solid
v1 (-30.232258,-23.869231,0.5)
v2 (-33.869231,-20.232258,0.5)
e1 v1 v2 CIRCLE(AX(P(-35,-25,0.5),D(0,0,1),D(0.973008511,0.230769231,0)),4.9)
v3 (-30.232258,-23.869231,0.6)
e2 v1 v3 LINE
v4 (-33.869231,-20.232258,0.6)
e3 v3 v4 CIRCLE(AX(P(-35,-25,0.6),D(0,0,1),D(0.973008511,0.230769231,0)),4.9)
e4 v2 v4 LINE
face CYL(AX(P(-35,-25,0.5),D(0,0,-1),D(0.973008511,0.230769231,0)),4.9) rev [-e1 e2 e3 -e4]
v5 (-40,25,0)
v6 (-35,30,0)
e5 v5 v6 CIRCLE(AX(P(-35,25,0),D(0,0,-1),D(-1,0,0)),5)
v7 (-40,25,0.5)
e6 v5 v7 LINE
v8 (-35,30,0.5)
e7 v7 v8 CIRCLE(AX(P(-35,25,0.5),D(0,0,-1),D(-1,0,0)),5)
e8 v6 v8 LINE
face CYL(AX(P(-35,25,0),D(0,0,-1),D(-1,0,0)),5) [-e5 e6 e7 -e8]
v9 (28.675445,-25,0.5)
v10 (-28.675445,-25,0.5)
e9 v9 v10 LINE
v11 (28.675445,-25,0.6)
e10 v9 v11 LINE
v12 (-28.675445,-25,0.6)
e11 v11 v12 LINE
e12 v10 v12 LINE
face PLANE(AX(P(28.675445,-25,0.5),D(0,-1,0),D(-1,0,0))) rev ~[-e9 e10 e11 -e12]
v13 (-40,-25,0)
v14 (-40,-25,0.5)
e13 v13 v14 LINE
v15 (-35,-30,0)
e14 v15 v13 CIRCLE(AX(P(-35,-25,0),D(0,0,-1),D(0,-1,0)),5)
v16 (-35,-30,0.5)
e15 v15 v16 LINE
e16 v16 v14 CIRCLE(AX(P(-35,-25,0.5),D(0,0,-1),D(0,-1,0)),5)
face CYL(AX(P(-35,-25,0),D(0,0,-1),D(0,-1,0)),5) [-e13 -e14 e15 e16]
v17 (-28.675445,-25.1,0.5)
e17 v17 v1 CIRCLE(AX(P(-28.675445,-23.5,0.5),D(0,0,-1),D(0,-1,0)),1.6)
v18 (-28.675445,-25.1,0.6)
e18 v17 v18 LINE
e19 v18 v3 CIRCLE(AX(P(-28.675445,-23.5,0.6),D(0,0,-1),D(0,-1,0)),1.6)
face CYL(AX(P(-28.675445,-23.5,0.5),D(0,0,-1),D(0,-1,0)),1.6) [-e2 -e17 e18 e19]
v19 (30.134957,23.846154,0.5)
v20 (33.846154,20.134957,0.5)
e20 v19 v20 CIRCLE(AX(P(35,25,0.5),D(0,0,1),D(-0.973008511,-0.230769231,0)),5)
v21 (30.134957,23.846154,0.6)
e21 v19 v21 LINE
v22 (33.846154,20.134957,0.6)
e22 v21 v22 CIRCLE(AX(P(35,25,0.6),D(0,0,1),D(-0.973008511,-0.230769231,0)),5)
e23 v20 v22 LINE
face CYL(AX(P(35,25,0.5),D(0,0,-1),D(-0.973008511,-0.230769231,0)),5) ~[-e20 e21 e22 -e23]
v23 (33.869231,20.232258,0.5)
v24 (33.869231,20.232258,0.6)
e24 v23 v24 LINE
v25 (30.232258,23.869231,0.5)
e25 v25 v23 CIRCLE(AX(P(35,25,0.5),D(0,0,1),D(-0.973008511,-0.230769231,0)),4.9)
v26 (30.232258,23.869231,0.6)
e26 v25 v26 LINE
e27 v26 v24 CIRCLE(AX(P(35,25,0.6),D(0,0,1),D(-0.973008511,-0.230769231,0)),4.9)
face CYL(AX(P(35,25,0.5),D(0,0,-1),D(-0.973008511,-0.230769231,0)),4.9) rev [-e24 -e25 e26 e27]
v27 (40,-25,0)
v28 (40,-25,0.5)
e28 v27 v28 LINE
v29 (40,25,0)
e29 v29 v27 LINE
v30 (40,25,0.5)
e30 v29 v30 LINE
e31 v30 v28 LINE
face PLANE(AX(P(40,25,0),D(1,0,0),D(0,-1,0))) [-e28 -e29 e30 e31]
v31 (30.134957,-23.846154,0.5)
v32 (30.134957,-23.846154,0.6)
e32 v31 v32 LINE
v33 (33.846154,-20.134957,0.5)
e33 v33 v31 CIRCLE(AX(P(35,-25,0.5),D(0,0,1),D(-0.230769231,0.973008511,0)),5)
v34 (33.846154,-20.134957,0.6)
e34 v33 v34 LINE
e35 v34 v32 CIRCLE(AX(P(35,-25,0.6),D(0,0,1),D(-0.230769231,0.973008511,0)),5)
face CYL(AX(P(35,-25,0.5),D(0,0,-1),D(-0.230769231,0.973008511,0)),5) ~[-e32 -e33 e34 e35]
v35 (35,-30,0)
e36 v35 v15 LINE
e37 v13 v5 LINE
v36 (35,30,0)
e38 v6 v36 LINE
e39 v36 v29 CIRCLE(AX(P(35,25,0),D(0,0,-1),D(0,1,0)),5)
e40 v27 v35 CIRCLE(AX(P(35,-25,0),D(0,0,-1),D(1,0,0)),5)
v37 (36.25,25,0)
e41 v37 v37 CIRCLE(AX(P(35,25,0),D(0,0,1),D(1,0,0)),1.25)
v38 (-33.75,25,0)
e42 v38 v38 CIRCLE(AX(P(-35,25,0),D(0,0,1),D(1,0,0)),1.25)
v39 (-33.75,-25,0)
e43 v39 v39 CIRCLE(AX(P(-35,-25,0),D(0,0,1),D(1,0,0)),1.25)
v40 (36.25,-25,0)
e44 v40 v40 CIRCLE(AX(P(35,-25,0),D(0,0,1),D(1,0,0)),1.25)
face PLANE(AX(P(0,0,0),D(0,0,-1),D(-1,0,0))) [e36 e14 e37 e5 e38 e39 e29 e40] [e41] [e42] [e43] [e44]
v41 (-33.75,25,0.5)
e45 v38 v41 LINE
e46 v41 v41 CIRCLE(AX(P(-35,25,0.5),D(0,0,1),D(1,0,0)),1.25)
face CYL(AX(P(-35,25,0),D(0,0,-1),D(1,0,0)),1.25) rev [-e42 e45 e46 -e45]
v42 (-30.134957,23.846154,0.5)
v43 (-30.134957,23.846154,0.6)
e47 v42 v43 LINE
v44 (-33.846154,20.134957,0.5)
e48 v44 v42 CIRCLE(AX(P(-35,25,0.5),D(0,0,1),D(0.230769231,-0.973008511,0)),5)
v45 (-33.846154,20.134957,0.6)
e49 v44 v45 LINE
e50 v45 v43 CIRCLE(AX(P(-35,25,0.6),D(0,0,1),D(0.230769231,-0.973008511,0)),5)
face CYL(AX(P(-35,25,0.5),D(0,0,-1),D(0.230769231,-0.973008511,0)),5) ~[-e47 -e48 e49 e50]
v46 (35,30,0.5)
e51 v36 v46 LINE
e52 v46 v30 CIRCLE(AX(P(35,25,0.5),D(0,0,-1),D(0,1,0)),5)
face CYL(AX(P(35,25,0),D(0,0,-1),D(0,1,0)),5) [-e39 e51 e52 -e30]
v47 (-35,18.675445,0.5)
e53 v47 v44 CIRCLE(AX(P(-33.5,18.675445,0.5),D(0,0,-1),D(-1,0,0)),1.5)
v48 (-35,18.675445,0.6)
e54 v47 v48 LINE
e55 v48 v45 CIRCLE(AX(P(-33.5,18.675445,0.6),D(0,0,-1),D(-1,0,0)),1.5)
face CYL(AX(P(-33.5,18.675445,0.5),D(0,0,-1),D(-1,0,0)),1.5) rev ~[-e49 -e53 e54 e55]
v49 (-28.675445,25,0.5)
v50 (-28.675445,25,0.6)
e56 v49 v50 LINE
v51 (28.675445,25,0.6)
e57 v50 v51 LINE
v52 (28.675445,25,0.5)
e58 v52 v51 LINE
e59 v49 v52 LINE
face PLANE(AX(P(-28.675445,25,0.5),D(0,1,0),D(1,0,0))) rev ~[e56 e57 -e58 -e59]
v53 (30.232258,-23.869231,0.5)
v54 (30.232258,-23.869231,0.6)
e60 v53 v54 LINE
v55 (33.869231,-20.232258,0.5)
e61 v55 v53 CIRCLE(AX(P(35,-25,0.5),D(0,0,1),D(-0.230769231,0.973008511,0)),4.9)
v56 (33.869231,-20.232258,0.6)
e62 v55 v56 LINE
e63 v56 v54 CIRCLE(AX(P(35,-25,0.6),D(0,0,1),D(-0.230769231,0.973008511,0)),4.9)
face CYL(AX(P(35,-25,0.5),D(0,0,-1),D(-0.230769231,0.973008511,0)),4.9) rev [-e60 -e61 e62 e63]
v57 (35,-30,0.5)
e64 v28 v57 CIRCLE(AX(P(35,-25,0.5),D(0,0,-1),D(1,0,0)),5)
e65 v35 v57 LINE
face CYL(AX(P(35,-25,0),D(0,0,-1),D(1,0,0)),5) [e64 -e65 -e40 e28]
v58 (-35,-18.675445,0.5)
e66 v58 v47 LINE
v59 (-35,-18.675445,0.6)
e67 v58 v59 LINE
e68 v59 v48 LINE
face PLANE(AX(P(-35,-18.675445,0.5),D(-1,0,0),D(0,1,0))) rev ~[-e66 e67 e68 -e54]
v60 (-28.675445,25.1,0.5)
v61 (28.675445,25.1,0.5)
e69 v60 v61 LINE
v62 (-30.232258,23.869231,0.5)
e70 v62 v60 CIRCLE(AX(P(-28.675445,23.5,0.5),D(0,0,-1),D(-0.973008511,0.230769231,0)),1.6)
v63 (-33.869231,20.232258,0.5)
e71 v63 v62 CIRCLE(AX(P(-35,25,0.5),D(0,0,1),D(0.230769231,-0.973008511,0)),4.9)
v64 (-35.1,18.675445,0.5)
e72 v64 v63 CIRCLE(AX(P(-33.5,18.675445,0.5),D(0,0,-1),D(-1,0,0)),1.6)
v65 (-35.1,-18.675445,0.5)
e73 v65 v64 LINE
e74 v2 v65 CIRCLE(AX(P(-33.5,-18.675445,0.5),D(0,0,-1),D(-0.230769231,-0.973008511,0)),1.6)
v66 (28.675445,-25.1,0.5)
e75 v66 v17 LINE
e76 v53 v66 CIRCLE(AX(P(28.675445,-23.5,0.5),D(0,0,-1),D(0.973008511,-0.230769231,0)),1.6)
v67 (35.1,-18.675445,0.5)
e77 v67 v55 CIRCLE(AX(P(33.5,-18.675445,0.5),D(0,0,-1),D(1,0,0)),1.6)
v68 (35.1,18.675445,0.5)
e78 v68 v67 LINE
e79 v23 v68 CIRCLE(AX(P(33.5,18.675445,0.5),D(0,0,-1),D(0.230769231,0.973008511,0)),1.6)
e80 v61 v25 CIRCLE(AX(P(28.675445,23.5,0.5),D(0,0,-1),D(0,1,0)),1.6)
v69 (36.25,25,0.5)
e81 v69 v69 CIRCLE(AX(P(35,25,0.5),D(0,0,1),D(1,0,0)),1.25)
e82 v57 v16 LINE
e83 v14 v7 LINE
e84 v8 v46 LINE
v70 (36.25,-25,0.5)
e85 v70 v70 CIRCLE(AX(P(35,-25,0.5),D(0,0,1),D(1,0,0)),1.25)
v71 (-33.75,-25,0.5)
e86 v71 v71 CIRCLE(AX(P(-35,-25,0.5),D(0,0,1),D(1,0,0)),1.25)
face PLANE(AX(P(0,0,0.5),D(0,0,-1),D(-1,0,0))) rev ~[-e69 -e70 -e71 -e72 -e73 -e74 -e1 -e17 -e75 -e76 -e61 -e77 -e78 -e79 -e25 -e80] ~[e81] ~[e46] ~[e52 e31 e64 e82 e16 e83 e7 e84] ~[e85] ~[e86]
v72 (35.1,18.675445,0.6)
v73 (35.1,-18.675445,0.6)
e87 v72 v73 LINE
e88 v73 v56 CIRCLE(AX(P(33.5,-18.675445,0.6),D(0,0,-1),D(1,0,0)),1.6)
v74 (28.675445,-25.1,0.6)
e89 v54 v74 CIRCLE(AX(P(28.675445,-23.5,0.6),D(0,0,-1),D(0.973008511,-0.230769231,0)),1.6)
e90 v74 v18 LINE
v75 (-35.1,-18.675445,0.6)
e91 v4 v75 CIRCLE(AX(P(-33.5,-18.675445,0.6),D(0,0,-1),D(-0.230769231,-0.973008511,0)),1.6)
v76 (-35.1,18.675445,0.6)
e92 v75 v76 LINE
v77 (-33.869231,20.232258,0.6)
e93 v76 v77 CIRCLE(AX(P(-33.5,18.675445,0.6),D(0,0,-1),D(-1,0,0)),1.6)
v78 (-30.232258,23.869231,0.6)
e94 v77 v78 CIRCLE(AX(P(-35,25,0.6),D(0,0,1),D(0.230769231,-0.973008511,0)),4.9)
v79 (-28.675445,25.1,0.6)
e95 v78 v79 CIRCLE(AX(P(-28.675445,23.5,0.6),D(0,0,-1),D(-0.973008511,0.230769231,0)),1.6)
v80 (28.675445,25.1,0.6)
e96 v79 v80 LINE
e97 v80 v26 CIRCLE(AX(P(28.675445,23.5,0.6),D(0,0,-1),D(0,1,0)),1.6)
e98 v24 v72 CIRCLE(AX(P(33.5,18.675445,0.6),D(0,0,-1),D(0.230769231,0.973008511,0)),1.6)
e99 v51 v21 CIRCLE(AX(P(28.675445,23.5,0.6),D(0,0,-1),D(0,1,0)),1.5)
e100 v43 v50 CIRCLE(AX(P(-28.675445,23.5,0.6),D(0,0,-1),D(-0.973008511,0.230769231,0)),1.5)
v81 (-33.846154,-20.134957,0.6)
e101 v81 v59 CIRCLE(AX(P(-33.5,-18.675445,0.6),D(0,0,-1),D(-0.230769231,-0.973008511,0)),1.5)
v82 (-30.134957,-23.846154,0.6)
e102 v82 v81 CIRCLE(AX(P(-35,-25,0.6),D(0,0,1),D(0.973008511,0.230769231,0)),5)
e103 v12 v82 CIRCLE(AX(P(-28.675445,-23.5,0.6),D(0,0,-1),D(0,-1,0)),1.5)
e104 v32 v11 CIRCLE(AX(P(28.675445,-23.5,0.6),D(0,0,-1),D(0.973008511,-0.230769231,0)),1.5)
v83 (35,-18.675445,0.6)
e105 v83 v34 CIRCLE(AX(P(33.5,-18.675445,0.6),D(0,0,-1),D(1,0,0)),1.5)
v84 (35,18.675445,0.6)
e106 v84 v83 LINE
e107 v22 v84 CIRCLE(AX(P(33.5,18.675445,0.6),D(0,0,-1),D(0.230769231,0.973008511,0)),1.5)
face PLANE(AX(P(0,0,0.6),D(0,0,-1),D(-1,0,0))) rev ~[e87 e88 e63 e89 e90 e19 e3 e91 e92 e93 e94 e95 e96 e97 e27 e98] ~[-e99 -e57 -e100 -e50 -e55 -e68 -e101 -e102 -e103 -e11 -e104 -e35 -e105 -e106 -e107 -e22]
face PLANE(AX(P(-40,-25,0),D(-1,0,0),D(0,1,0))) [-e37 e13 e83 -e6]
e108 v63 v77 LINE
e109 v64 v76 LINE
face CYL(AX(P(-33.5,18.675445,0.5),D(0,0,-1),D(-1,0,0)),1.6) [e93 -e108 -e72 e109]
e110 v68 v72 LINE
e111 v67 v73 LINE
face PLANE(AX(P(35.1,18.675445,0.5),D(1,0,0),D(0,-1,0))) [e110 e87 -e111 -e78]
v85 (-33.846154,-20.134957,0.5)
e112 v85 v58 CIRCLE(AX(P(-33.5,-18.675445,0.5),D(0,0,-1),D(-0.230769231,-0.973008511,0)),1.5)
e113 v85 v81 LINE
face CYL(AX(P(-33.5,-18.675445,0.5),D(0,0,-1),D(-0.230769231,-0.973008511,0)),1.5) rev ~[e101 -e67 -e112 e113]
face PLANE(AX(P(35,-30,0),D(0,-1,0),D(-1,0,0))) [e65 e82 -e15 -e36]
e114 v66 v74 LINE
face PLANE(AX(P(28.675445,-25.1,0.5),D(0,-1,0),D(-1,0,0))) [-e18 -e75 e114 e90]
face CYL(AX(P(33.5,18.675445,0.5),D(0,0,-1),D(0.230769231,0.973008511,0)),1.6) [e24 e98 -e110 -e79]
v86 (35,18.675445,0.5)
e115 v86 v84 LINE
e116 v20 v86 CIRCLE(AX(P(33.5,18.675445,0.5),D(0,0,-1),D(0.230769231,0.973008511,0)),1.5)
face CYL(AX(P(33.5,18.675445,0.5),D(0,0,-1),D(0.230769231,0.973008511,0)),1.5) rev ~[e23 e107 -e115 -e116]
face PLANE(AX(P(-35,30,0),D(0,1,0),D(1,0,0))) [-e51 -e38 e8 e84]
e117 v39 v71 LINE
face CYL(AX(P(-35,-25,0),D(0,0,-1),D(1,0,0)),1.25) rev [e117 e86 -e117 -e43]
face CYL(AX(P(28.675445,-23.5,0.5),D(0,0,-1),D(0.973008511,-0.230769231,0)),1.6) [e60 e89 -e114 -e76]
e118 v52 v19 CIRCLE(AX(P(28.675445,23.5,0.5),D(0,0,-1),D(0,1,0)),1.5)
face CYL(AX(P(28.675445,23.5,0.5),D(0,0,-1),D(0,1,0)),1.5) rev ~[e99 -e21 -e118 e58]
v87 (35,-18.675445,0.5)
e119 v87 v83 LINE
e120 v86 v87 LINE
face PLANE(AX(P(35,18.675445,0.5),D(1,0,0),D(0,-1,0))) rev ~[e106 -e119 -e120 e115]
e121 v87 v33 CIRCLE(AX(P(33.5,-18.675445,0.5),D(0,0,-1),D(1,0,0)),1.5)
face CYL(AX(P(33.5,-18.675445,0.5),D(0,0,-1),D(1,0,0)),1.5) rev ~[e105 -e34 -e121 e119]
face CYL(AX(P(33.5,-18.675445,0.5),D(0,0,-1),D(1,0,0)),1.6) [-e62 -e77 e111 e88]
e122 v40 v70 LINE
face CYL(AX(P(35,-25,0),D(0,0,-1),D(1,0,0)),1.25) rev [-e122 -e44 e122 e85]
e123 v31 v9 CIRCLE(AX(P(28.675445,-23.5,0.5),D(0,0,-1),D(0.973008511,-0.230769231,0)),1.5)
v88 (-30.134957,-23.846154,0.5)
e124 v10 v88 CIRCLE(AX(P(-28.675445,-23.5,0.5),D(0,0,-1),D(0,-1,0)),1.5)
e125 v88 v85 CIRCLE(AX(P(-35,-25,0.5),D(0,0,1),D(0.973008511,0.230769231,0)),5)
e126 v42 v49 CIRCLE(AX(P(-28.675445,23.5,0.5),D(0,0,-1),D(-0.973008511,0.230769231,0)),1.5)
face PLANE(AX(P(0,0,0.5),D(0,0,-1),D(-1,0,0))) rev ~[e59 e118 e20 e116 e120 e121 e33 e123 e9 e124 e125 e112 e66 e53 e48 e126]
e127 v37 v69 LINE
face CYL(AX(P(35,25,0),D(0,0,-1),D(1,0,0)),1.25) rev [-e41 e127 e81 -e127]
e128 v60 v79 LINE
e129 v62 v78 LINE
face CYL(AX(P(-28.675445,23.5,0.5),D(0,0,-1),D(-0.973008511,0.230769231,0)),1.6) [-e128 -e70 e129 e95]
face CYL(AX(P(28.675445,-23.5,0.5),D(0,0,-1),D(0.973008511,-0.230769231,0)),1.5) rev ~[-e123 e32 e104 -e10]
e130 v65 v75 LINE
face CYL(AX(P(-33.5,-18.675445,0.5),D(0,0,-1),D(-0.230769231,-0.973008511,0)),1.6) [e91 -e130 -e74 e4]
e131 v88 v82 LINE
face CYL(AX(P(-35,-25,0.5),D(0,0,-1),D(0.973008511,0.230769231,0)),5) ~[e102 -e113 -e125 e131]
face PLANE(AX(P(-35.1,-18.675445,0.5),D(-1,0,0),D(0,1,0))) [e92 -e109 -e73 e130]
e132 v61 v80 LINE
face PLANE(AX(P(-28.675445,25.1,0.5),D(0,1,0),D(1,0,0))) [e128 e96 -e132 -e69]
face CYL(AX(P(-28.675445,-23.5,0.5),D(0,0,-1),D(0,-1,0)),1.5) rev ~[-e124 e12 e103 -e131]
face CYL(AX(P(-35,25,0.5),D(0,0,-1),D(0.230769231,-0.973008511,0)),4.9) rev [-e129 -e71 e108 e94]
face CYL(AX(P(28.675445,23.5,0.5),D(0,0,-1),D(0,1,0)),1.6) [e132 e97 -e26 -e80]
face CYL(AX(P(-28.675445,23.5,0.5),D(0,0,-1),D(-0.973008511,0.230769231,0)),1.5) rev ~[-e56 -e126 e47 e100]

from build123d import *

# Parameters (mm, degrees)
SKETCH_1_R      = 1.25
EXTRUDE_1_DEPTH = 0.5
EXTRUDE_5_DEPTH = 0.1


with BuildPart() as part:
    # 草图1 → 凸台-拉伸1 (new body)
    with BuildSketch(Plane.XY):
        with BuildLine():
            Line((-35, 30), (35, 30))
            ThreePointArc((35, 30), (38.535533906, 28.535533906), (40, 25))
            Line((40, 25), (40, -25))
            ThreePointArc((40, -25), (38.535533906, -28.535533906), (35, -30))
            Line((35, -30), (-35, -30))
            ThreePointArc((-35, -30), (-38.535533906, -28.535533906), (-40, -25))
            Line((-40, -25), (-40, 25))
            ThreePointArc((-40, 25), (-38.535533906, 28.535533906), (-35, 30))
        make_face()
        with Locations((35, 25)):
            Circle(SKETCH_1_R, mode=Mode.SUBTRACT)
        with Locations((-35, 25)):
            Circle(SKETCH_1_R, mode=Mode.SUBTRACT)
        with Locations((-35, -25)):
            Circle(SKETCH_1_R, mode=Mode.SUBTRACT)
        with Locations((35, -25)):
            Circle(SKETCH_1_R, mode=Mode.SUBTRACT)
    extrude(amount=EXTRUDE_1_DEPTH)

    # 草图4 → 凸台-拉伸5 (add)
    with BuildSketch(Plane.XY.offset(0.5)):
        with BuildLine():
            Line((-28.67544468, 25.1), (28.67544468, 25.1))
            ThreePointArc((28.67544468, 25.1), (29.667722556, 24.755143265), (30.232258297, 23.869230769))
            ThreePointArc((30.232258297, 23.869230769), (31.535176772, 21.535176772), (33.869230769, 20.232258297))
            ThreePointArc((33.869230769, 20.232258297), (34.755143265, 19.667722556), (35.1, 18.67544468))
            Line((35.1, 18.67544468), (35.1, -18.67544468))
            ThreePointArc((35.1, -18.67544468), (34.755143265, -19.667722556), (33.869230769, -20.232258297))
            ThreePointArc((33.869230769, -20.232258297), (31.535176772, -21.535176772), (30.232258297, -23.869230769))
            ThreePointArc((30.232258297, -23.869230769), (29.667722556, -24.755143265), (28.67544468, -25.1))
            Line((28.67544468, -25.1), (-28.67544468, -25.1))
            ThreePointArc((-28.67544468, -25.1), (-29.667722556, -24.755143265), (-30.232258297, -23.869230769))
            ThreePointArc((-30.232258297, -23.869230769), (-31.535176772, -21.535176772), (-33.869230769, -20.232258297))
            ThreePointArc((-33.869230769, -20.232258297), (-34.755143265, -19.667722556), (-35.1, -18.67544468))
            Line((-35.1, -18.67544468), (-35.1, 18.67544468))
            ThreePointArc((-35.1, 18.67544468), (-34.755143265, 19.667722556), (-33.869230769, 20.232258297))
            ThreePointArc((-33.869230769, 20.232258297), (-31.535176772, 21.535176772), (-30.232258297, 23.869230769))
            ThreePointArc((-30.232258297, 23.869230769), (-29.667722556, 24.755143265), (-28.67544468, 25.1))
        make_face()
        with BuildLine():
            Line((-28.67544468, 25), (28.67544468, 25))
            ThreePointArc((28.67544468, 25), (29.605705189, 24.676696811), (30.134957446, 23.846153846))
            ThreePointArc((30.134957446, 23.846153846), (31.464466094, 21.464466094), (33.846153846, 20.134957446))
            ThreePointArc((33.846153846, 20.134957446), (34.676696811, 19.605705189), (35, 18.67544468))
            Line((35, 18.67544468), (35, -18.67544468))
            ThreePointArc((35, -18.67544468), (34.676696811, -19.605705189), (33.846153846, -20.134957446))
            ThreePointArc((33.846153846, -20.134957446), (31.464466094, -21.464466094), (30.134957446, -23.846153846))
            ThreePointArc((30.134957446, -23.846153846), (29.605705189, -24.676696811), (28.67544468, -25))
            Line((28.67544468, -25), (-28.67544468, -25))
            ThreePointArc((-28.67544468, -25), (-29.605705189, -24.676696811), (-30.134957446, -23.846153846))
            ThreePointArc((-30.134957446, -23.846153846), (-31.464466094, -21.464466094), (-33.846153846, -20.134957446))
            ThreePointArc((-33.846153846, -20.134957446), (-34.676696811, -19.605705189), (-35, -18.67544468))
            Line((-35, -18.67544468), (-35, 18.67544468))
            ThreePointArc((-35, 18.67544468), (-34.676696811, 19.605705189), (-33.846153846, 20.134957446))
            ThreePointArc((-33.846153846, 20.134957446), (-31.464466094, 21.464466094), (-30.134957446, 23.846153846))
            ThreePointArc((-30.134957446, 23.846153846), (-29.605705189, 24.676696811), (-28.67544468, 25))
        make_face(mode=Mode.SUBTRACT)
    extrude(amount=EXTRUDE_5_DEPTH)


solid = part.part
